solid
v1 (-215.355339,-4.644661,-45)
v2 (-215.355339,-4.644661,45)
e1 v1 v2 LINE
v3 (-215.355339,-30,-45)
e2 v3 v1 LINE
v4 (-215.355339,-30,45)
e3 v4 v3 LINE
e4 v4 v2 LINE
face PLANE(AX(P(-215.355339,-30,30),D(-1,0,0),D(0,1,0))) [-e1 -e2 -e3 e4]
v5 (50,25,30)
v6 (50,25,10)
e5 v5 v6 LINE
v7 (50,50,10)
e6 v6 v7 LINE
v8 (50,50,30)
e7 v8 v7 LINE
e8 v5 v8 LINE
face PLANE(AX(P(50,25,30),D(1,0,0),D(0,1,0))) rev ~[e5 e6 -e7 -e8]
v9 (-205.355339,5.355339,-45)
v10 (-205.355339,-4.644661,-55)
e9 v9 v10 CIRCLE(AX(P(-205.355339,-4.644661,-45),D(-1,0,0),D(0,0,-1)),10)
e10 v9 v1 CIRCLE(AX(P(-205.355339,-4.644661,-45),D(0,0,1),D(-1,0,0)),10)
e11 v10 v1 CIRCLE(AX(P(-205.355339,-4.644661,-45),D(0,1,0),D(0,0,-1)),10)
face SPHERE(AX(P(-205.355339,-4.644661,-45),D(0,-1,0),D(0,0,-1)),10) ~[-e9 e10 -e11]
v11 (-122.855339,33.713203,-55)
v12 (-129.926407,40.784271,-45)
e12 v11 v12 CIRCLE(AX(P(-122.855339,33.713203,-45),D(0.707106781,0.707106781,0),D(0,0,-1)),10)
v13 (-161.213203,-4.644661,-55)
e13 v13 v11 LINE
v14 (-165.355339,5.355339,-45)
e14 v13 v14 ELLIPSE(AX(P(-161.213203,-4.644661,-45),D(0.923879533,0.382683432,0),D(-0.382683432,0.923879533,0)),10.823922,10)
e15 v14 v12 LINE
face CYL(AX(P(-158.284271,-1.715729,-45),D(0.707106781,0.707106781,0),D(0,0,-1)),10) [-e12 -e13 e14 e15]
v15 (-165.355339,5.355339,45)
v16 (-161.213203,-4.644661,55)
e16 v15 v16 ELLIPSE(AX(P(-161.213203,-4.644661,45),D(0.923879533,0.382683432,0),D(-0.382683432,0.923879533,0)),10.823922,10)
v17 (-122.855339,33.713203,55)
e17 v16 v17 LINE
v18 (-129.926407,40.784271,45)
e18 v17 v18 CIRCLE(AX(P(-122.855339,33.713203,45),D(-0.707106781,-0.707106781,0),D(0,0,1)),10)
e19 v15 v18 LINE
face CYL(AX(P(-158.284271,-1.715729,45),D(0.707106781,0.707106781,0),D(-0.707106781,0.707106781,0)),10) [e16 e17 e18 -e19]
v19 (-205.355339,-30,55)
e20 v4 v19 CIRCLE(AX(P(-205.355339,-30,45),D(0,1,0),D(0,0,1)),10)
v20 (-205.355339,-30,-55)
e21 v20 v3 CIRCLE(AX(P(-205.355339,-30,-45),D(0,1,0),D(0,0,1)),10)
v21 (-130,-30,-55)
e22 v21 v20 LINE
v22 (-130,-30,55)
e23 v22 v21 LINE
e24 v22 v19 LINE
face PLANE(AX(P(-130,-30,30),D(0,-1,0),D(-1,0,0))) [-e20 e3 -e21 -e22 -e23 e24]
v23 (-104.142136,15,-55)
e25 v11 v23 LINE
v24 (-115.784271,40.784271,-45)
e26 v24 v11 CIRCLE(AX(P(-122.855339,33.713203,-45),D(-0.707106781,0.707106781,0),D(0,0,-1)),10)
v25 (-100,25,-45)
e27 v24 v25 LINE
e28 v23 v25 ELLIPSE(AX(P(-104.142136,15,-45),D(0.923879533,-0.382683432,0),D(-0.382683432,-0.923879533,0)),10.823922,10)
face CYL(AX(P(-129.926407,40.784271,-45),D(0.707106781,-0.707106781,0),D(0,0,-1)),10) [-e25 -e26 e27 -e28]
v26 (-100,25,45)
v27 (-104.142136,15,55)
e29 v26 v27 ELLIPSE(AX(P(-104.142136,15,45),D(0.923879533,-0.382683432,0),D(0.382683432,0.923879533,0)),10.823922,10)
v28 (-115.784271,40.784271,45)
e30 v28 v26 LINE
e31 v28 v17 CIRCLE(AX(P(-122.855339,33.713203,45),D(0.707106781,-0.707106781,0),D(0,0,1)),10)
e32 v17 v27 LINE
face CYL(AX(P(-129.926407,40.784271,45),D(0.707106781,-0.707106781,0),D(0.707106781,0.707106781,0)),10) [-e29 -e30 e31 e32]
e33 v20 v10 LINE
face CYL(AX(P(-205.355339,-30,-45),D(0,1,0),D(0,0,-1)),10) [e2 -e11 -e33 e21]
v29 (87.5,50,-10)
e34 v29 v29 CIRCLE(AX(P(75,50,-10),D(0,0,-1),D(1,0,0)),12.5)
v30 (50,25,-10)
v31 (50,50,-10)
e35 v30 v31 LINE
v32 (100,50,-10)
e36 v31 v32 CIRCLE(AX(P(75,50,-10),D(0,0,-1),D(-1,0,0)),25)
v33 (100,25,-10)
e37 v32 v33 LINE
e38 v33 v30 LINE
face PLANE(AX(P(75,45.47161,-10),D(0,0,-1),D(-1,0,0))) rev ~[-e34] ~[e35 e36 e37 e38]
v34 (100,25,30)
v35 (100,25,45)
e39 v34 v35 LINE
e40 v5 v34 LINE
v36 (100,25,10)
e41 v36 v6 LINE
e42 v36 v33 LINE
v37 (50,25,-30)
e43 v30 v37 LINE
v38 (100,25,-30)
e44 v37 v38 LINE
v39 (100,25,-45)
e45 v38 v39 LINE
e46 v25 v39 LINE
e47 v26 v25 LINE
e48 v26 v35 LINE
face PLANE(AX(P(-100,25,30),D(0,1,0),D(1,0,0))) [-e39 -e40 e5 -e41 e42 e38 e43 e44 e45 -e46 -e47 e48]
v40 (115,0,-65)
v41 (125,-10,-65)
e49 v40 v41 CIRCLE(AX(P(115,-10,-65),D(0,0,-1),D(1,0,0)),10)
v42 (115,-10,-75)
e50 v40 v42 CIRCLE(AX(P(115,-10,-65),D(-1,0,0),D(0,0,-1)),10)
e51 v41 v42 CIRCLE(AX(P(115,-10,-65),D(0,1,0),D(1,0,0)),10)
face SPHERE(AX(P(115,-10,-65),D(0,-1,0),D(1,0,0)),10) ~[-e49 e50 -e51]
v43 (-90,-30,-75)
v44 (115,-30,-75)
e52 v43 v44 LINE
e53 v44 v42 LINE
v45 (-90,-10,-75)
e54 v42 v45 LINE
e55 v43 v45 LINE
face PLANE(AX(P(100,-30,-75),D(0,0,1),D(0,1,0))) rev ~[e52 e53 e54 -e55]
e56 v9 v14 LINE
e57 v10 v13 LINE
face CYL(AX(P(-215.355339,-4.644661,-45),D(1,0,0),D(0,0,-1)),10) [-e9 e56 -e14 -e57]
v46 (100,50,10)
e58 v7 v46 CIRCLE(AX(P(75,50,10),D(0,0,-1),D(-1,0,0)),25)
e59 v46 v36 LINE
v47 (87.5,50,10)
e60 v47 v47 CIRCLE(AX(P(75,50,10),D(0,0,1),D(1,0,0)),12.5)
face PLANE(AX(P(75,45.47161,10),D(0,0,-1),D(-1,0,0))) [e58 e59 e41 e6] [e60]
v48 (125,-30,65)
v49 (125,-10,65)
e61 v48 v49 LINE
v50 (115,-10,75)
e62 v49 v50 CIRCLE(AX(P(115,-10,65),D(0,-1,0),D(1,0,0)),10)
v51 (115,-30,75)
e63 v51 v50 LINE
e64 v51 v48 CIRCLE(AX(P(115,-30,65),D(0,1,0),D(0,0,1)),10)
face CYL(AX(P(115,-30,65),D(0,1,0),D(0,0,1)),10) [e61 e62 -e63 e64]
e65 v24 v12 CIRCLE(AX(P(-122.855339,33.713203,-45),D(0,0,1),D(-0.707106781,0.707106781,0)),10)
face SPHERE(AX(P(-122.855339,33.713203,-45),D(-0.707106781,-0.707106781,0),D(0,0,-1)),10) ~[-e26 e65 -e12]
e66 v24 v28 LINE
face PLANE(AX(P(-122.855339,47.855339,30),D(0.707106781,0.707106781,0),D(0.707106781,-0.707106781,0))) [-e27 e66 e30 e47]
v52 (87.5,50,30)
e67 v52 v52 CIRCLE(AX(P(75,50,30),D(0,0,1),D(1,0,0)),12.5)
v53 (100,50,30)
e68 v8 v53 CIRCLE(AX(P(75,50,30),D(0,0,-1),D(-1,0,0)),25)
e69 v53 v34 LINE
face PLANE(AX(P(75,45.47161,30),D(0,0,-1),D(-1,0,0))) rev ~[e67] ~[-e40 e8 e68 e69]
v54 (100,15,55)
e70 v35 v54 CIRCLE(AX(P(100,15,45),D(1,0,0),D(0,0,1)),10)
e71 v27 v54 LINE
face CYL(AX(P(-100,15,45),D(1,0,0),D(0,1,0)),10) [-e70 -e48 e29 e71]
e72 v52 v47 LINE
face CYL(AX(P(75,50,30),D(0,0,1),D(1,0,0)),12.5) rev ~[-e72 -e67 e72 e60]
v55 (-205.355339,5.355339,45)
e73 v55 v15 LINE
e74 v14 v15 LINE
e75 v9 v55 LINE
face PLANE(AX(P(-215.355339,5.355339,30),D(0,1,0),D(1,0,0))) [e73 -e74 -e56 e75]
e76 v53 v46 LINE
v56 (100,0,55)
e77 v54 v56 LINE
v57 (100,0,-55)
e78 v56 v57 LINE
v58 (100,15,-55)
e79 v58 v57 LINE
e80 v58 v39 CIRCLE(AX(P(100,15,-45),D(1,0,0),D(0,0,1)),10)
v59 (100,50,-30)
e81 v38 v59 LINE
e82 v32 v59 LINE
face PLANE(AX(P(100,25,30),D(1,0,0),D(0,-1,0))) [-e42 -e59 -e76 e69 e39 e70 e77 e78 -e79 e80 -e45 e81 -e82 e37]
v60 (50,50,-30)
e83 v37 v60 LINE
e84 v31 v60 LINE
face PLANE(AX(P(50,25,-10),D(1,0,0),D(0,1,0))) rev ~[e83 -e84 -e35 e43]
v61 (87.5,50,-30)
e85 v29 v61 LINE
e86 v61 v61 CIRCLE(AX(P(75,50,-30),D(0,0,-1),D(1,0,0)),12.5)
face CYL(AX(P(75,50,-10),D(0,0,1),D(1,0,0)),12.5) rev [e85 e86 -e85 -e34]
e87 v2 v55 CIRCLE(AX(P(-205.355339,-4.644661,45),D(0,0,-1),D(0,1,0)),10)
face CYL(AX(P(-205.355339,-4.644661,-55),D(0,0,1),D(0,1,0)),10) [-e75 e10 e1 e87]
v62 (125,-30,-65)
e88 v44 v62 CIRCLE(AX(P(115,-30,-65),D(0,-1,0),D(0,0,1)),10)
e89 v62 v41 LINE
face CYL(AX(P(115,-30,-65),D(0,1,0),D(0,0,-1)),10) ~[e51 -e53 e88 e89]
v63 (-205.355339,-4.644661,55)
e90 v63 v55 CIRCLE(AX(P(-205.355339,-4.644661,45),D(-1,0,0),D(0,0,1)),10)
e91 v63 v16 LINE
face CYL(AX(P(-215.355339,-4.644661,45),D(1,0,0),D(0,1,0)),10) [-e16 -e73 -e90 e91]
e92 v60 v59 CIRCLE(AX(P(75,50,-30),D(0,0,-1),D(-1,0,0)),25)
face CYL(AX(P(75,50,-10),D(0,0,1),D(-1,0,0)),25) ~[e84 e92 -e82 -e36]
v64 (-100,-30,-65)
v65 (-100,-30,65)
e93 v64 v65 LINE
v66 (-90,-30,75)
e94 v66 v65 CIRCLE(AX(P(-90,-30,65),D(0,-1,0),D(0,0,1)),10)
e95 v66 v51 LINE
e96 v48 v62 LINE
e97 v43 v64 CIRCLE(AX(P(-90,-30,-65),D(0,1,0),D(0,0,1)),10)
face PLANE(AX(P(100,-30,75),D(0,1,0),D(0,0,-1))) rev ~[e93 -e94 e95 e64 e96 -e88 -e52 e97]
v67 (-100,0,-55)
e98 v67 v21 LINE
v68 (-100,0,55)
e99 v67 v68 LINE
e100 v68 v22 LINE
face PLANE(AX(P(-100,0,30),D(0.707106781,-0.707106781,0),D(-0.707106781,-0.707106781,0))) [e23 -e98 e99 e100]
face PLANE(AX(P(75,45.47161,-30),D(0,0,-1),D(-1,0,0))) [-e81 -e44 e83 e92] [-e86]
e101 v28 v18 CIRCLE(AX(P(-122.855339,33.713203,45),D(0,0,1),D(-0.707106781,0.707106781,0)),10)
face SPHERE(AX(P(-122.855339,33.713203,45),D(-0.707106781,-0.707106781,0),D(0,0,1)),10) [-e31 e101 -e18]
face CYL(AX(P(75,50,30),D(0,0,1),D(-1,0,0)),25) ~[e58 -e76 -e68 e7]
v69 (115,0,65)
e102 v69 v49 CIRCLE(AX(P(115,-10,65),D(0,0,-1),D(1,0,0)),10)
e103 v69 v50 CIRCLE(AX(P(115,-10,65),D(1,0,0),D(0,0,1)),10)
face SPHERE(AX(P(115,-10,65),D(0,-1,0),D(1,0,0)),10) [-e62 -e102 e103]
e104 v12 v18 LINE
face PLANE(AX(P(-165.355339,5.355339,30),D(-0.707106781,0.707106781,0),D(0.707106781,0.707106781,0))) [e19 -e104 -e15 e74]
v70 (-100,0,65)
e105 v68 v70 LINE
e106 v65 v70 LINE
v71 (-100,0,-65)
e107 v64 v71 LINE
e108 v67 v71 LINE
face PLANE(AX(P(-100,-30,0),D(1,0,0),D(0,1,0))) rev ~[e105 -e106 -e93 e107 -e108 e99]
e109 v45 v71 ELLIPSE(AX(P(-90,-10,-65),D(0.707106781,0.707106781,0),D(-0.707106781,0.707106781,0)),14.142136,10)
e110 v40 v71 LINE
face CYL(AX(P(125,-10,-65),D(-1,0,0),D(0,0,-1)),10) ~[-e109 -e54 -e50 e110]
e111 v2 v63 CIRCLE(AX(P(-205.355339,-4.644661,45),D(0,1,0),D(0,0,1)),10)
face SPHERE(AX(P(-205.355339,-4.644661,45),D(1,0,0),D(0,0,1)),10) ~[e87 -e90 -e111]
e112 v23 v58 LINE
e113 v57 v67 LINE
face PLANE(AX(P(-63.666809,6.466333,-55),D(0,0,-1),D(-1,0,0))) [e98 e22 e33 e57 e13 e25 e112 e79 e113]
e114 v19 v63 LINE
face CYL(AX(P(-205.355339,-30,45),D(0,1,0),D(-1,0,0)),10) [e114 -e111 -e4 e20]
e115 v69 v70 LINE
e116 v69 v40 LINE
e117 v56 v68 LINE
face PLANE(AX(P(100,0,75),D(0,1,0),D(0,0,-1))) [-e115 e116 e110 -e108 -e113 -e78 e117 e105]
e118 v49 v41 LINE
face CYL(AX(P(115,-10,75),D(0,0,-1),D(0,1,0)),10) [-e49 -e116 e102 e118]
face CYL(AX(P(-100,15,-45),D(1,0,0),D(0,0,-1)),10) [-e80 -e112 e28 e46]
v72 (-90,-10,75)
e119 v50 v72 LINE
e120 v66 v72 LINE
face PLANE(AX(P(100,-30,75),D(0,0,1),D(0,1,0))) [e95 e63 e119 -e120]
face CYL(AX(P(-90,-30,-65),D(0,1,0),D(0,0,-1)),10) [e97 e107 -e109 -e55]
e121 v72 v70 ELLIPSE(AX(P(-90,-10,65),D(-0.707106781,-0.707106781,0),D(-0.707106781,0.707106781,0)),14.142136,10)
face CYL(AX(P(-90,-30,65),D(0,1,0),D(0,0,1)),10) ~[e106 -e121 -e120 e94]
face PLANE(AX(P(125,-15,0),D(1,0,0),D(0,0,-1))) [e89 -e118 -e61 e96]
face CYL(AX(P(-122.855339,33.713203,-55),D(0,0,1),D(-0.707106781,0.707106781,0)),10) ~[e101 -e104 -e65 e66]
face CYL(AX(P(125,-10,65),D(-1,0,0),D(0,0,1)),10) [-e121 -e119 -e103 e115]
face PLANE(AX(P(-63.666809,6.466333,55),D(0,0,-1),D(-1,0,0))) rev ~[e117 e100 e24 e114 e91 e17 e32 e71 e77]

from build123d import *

# Parameters (mm, degrees)
BOSS_EXTRUDE1_DEPTH = 30
BOSS_EXTRUDE2_DEPTH = 30
SKETCH2_5_W         = 200
SKETCH2_5_H         = 30
BOSS_EXTRUDE3_DEPTH = 75
SKETCH2_6_W         = 200
SKETCH2_6_H         = 30
BOSS_EXTRUDE4_DEPTH = 75
SKETCH3_R           = 12.5
BOSS_EXTRUDE5_DEPTH = 20
BOSS_EXTRUDE6_START = -20
SKETCH4_R           = 12.5
BOSS_EXTRUDE6_DEPTH = 20
BOSS_EXTRUDE7_DEPTH = 25
BOSS_EXTRUDE8_DEPTH = 25
SKETCH7_W           = 150
SKETCH7_H           = 30
BOSS_EXTRUDE9_DEPTH = 25
FILLET1_R           = 10


with BuildPart() as part:
    # Sketch2 → Boss-Extrude1 (new body)
    with BuildSketch(Plane.XY):
        Polygon((-130, -30), (-100, 0), (100, 0), (100, 25), (-100, 25), (-122.855339059, 47.855339059), (-165.355339059, 5.355339059), (-215.355339059, 5.355339059), (-215.355339059, -30), align=None)
    extrude(amount=BOSS_EXTRUDE1_DEPTH)

    # Sketch2<4> → Boss-Extrude2 (add)
    with BuildSketch(Plane.XY):
        Polygon((-130, -30), (-100, 0), (100, 0), (100, 25), (-100, 25), (-122.855339059, 47.855339059), (-165.355339059, 5.355339059), (-215.355339059, 5.355339059), (-215.355339059, -30), align=None)
    extrude(amount=-BOSS_EXTRUDE2_DEPTH)

    # Sketch2<5> → Boss-Extrude3 (add)
    with BuildSketch(Plane.XY):
        with Locations((0, -15)):
            Rectangle(SKETCH2_5_W, SKETCH2_5_H)
    extrude(amount=BOSS_EXTRUDE3_DEPTH)

    # Sketch2<6> → Boss-Extrude4 (add)
    with BuildSketch(Plane.XY):
        with Locations((0, -15)):
            Rectangle(SKETCH2_6_W, SKETCH2_6_H)
    extrude(amount=-BOSS_EXTRUDE4_DEPTH)

    # Sketch3 → Boss-Extrude5 (add)
    with BuildSketch(Plane.XY.offset(30)):
        with BuildLine():
            Line((100, 25), (50, 25))
            Line((50, 25), (50, 50))
            ThreePointArc((50, 50), (75, 75), (100, 50))
            Line((100, 50), (100, 25))
        make_face()
        with Locations((75, 50)):
            Circle(SKETCH3_R, mode=Mode.SUBTRACT)
    extrude(amount=-BOSS_EXTRUDE5_DEPTH)

    # Sketch4 → Boss-Extrude6 (add)
    with BuildSketch(Plane(origin=(0, 0, -30), x_dir=(-1, 0, 0), z_dir=(0, 0, -1)).offset(BOSS_EXTRUDE6_START)):
        with BuildLine():
            Line((-100, 25), (-50, 25))
            Line((-50, 25), (-50, 50))
            ThreePointArc((-50, 50), (-75, 75), (-100, 50))
            Line((-100, 50), (-100, 25))
        make_face()
        with Locations((-75, 50)):
            Circle(SKETCH4_R, mode=Mode.SUBTRACT)
    extrude(amount=BOSS_EXTRUDE6_DEPTH)

    # Sketch5 → Boss-Extrude7 (add)
    with BuildSketch(Plane(origin=(0, 0, -30), x_dir=(-1, 0, 0), z_dir=(0, 0, -1))):
        Polygon((122.855339059, 47.855339059), (100, 25), (-100, 25), (-100, 0), (100, 0), (130, -30), (215.355339059, -30), (215.355339059, 5.355339059), (165.355339059, 5.355339059), align=None)
    extrude(amount=BOSS_EXTRUDE7_DEPTH)

    # Sketch6 → Boss-Extrude8 (add)
    with BuildSketch(Plane.XY.offset(30)):
        Polygon((-122.855339059, 47.855339059), (-100, 25), (100, 25), (100, 0), (-100, 0), (-130, -30), (-215.355339059, -30), (-215.355339059, 5.355339059), (-165.355339059, 5.355339059), align=None)
    extrude(amount=BOSS_EXTRUDE8_DEPTH)

    # Sketch7 → Boss-Extrude9 (add)
    with BuildSketch(Plane(origin=(100, 0, 0), x_dir=(0, 0, -1), z_dir=(1, 0, 0))):
        with Locations((0, -15)):
            Rectangle(SKETCH7_W, SKETCH7_H)
    extrude(amount=BOSS_EXTRUDE9_DEPTH)

    # Fillet1
    fillet1_edges = [part.edges().sort_by_distance(p)[0] for p in [
        (-122.855339059, 47.855339059, 0),
        (-215.355339059, 5.355339059, 0),
        (-215.355339059, -12.32233047, -55),
        (-190.355339059, 5.355339059, -55),
        (-144.105339059, 26.605339059, -55),
        (-111.42766953, 36.42766953, -55),
        (0, 25, -55),
        (-100, -15, -75),
        (12.5, 0, -75),
        (-215.355339059, -12.32233047, 55),
        (-190.355339059, 5.355339059, 55),
        (-144.105339059, 26.605339059, 55),
        (-111.42766953, 36.42766953, 55),
        (0, 25, 55),
        (-100, -15, 75),
        (125, 0, 0),
        (12.5, 0, 75),
        (125, -15, -75),
        (125, -15, 75),
    ]]
    fillet(fillet1_edges, radius=FILLET1_R)


solid = part.part
